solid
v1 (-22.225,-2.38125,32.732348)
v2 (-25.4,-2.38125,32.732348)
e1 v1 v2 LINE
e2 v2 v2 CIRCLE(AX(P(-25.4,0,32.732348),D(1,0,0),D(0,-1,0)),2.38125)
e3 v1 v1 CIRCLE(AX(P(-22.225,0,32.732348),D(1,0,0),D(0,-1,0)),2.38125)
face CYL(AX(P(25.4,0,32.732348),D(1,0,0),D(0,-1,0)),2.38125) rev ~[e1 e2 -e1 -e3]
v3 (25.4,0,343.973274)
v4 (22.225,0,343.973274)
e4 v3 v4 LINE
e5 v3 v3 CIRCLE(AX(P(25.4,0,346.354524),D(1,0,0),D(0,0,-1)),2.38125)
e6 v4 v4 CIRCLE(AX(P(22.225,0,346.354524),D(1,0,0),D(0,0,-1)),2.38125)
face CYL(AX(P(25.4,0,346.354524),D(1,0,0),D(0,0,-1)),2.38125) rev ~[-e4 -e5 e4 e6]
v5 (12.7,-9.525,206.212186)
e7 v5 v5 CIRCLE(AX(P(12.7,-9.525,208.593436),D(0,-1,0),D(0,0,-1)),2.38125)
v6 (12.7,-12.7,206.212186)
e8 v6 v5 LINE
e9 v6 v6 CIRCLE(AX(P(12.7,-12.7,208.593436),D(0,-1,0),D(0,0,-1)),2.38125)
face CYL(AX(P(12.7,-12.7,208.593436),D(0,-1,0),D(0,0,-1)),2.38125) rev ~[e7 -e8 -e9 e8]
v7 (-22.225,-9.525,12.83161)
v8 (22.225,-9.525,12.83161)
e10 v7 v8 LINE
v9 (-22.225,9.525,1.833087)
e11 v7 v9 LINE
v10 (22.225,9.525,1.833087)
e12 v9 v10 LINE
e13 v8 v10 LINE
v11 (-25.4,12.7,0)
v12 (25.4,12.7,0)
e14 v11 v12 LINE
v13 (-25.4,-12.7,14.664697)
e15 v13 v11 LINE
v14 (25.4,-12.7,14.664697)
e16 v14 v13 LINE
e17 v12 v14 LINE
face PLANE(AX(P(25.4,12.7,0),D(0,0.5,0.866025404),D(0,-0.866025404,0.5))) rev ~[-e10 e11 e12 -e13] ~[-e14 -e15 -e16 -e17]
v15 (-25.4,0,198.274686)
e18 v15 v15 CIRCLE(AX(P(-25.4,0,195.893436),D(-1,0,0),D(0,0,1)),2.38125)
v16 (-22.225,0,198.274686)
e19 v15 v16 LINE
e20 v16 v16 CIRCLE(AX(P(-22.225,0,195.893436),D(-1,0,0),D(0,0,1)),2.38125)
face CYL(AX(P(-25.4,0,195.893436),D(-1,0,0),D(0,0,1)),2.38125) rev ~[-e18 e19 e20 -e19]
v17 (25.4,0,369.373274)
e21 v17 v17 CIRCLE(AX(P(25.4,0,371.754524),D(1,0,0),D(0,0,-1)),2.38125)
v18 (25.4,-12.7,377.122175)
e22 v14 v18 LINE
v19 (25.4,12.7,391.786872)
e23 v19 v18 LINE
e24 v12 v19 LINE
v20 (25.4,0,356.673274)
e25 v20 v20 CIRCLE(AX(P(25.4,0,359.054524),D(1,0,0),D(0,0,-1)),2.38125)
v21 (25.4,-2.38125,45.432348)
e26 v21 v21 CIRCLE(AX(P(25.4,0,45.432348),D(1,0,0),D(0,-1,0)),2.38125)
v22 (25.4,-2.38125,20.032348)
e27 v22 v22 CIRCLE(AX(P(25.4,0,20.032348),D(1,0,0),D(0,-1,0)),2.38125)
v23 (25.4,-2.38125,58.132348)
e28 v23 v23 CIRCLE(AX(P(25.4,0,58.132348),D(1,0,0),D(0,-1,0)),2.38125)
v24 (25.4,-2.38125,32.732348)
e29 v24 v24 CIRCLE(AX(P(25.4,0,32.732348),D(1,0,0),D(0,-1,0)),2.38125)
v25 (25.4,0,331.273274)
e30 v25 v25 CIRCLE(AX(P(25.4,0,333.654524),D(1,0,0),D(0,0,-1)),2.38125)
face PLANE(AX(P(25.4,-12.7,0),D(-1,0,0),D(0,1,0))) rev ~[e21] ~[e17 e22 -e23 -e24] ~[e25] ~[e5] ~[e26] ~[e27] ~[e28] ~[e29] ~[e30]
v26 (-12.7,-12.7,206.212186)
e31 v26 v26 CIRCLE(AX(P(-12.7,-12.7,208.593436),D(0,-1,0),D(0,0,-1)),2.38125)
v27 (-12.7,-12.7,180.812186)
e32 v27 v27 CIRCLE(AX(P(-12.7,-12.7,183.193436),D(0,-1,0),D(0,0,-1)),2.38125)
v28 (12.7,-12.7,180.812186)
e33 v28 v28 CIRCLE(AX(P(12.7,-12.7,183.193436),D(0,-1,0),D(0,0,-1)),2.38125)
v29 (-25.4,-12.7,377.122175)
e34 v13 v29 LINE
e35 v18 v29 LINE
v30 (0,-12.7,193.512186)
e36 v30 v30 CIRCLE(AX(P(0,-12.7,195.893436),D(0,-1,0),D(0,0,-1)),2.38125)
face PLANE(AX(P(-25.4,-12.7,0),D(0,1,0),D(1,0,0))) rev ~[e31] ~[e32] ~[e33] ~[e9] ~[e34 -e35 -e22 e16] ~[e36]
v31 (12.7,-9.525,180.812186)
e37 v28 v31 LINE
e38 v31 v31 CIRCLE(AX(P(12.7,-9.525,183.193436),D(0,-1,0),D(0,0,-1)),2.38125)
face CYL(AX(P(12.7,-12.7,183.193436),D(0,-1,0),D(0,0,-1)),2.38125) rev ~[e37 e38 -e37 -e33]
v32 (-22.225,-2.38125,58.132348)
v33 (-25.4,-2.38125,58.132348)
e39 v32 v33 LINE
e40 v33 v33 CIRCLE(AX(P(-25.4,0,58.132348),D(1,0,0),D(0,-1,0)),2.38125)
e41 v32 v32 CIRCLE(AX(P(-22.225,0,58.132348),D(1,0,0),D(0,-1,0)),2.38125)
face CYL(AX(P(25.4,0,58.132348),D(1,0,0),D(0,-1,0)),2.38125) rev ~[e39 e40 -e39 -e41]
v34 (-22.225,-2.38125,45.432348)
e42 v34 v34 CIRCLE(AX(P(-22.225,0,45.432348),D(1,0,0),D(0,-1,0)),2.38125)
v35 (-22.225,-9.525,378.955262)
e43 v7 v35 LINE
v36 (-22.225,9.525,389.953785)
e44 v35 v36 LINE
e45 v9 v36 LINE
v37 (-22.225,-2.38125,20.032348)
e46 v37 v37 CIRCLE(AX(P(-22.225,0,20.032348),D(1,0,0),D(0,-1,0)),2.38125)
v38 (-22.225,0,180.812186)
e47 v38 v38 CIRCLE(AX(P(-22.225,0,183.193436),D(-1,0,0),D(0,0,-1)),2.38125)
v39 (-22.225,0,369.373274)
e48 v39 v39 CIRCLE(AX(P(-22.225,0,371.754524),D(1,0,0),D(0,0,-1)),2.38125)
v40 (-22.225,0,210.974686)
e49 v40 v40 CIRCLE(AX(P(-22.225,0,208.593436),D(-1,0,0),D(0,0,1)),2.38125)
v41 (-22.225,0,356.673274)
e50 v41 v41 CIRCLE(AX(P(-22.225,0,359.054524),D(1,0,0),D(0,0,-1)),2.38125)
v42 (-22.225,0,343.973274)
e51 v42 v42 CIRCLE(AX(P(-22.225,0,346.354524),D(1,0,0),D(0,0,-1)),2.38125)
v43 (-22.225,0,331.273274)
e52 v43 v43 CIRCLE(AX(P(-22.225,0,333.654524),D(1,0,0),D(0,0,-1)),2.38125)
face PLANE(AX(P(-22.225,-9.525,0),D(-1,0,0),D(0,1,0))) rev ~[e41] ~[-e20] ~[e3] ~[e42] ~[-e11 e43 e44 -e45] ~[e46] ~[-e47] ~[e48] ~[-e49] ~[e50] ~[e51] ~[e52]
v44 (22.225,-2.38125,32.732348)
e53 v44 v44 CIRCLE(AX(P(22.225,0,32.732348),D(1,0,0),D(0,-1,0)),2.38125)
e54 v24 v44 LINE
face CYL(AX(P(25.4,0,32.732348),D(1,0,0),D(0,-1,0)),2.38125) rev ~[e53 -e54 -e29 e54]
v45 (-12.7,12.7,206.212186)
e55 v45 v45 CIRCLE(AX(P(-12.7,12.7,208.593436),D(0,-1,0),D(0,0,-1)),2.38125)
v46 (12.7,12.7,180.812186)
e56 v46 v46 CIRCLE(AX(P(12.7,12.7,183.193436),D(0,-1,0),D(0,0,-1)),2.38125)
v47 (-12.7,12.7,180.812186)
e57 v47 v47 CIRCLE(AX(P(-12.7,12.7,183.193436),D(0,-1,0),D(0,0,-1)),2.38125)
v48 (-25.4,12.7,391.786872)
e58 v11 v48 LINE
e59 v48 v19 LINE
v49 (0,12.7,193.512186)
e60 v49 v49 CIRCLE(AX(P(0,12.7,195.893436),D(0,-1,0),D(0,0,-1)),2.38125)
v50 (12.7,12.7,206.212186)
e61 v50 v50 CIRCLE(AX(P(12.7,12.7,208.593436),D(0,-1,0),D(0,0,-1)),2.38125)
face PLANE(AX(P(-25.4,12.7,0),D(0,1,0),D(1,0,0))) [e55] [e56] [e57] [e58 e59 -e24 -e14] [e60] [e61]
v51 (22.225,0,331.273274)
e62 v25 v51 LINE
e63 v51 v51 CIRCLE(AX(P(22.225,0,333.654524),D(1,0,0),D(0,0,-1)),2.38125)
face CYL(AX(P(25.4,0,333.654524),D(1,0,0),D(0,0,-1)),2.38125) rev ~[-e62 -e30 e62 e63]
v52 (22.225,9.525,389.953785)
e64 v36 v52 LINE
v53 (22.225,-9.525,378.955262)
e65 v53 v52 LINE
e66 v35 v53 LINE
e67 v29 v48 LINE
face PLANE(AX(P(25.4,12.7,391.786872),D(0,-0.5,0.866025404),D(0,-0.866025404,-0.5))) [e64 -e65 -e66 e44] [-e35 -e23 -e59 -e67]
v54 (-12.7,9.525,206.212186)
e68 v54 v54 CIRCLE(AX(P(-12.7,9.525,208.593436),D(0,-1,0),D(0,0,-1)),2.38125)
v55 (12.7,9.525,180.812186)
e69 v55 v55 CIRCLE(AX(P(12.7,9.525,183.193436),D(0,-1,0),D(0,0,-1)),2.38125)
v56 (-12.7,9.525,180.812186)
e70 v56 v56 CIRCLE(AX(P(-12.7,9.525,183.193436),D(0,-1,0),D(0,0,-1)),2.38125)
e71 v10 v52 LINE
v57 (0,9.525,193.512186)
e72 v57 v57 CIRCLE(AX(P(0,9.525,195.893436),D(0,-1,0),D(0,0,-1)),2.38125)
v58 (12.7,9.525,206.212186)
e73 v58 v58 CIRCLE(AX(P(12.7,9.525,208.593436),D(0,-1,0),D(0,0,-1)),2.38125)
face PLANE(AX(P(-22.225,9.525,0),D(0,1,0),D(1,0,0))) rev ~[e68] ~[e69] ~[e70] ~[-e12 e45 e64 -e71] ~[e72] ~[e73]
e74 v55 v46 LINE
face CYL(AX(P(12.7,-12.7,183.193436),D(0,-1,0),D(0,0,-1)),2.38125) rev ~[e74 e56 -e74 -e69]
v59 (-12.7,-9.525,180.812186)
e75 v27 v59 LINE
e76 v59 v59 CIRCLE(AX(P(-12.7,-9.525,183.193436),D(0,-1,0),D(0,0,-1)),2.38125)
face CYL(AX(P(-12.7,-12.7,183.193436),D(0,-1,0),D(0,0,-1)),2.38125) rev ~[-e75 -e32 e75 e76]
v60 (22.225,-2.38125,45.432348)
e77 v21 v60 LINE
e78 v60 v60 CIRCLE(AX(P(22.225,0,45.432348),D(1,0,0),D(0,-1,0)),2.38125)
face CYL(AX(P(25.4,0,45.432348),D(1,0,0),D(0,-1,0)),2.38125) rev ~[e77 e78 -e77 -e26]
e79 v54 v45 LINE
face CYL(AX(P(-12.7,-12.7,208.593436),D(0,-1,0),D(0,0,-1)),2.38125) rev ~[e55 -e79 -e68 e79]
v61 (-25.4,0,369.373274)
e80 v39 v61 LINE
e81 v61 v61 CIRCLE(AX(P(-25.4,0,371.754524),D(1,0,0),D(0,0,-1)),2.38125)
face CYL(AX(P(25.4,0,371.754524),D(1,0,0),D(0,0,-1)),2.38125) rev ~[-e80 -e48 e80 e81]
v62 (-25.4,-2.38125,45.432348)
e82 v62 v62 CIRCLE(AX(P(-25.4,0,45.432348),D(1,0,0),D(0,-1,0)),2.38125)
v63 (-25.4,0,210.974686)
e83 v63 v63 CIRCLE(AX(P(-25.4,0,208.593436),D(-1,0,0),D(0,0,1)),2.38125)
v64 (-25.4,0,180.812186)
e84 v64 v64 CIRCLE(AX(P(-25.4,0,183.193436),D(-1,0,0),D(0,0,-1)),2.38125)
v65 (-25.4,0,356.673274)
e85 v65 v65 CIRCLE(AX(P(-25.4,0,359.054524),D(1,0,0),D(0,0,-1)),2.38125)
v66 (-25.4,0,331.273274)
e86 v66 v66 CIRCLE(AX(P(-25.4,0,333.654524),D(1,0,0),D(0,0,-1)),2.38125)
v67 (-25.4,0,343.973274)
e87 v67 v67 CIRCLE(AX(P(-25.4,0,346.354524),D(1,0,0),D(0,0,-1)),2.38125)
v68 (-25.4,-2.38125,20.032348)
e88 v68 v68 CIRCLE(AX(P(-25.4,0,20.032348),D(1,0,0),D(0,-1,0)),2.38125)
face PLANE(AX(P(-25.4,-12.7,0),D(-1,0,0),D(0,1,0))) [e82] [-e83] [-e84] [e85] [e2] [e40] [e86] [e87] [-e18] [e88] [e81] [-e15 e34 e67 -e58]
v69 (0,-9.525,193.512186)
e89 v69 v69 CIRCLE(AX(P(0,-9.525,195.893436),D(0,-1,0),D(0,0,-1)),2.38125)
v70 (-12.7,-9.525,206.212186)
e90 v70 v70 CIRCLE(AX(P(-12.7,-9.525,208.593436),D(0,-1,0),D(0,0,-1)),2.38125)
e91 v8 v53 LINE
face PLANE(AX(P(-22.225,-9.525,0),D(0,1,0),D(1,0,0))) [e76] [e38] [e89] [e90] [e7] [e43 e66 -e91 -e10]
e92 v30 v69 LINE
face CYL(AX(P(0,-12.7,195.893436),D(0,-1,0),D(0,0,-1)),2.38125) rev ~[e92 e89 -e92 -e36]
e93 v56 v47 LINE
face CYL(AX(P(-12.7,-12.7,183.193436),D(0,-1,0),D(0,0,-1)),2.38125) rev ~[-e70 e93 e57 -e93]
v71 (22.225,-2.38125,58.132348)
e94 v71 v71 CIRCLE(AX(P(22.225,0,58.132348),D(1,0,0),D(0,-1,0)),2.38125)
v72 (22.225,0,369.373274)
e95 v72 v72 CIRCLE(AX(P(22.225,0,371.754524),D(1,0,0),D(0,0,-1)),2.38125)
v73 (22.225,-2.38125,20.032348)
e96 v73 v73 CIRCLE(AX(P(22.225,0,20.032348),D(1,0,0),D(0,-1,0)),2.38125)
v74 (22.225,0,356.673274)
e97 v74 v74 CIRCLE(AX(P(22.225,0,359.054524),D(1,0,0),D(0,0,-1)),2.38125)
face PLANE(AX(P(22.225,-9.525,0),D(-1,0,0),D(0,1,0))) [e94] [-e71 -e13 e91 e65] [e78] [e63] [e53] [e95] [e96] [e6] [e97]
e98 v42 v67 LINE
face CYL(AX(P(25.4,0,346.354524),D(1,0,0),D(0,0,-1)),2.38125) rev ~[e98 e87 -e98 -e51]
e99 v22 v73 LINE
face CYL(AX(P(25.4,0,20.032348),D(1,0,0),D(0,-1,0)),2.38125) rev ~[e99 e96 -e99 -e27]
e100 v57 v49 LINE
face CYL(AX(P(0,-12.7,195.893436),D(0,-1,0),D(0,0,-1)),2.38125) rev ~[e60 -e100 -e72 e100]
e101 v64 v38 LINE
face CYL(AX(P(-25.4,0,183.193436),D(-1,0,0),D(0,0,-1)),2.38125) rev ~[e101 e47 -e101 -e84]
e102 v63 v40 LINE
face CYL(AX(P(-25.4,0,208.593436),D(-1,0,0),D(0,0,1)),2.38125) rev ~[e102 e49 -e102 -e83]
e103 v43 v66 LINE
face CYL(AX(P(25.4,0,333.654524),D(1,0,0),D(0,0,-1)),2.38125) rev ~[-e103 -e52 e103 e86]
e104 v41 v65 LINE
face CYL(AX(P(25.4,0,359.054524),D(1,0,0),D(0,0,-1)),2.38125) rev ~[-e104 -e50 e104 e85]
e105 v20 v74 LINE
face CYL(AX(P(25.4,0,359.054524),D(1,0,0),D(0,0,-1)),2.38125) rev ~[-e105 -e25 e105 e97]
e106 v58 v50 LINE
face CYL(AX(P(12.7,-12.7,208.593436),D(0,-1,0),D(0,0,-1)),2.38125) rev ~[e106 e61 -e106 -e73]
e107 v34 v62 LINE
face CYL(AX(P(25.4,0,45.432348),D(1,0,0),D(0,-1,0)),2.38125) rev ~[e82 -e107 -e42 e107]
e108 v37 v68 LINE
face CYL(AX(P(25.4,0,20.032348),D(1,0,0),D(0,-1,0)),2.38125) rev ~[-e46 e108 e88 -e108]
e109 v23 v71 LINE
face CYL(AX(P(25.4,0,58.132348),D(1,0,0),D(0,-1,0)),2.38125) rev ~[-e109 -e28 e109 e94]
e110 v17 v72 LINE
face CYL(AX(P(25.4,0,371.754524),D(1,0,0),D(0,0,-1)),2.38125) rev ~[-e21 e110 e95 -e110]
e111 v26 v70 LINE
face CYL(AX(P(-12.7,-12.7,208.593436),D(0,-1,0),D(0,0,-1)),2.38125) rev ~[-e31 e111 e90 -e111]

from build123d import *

# Parameters (mm, degrees)
SKETCH1_W           = 50.8
SKETCH1_H           = 25.4
SKETCH1_W_2         = 44.45
SKETCH1_H_2         = 19.05
BOSS_EXTRUDE1_DEPTH = 391.786872
CUT_EXTRUDE1_DEPTH  = 457.2
SKETCH3_R           = 2.38125
CUT_EXTRUDE2_DEPTH  = 394.430137472
SKETCH4_R           = 2.38125
CUT_EXTRUDE3_DEPTH  = 3.175
SKETCH5_R           = 2.38125
CUT_EXTRUDE4_DEPTH  = 396.270645345


with BuildPart() as part:
    # Sketch1 → Boss-Extrude1 (new body)
    with BuildSketch(Plane.XY):
        Rectangle(SKETCH1_W, SKETCH1_H)
        Rectangle(SKETCH1_W_2, SKETCH1_H_2, mode=Mode.SUBTRACT)
    extrude(amount=BOSS_EXTRUDE1_DEPTH)

    # Sketch2 → Cut-Extrude1 (cut)
    with BuildSketch(Plane(origin=(25.4, 0, 0), x_dir=(0, 0, -1), z_dir=(1, 0, 0))):
        Polygon((0, 12.7), (-14.664696837, -12.7), (0, -12.7), align=None)
        Polygon((-391.786872, -12.7), (-391.786872, 12.7), (-377.122175163, -12.7), align=None)
    extrude(amount=-CUT_EXTRUDE1_DEPTH, mode=Mode.SUBTRACT)

    # Sketch3 → Cut-Extrude2 (cut, through all)
    with BuildSketch(Plane(origin=(0, -12.7, 0), x_dir=(-1, 0, 0), z_dir=(0, -1, 0))):
        with Locations(Location((0, -195.893436, 0), (0, 0, 90))):
            Circle(SKETCH3_R)
        with Locations(Location((-12.7, -208.593436, 0), (0, 0, 90))):
            Circle(SKETCH3_R)
        with Locations(Location((12.7, -208.593436, 0), (0, 0, 90))):
            Circle(SKETCH3_R)
        with Locations(Location((-12.7, -183.193436, 0), (0, 0, 90))):
            Circle(SKETCH3_R)
        with Locations(Location((12.7, -183.193436, 0), (0, 0, 90))):
            Circle(SKETCH3_R)
    extrude(amount=-CUT_EXTRUDE2_DEPTH, mode=Mode.SUBTRACT)

    # Sketch4 → Cut-Extrude3 (cut)
    with BuildSketch(Plane.ZY.offset(25.4)):
        with Locations((195.893436, 0)):
            Circle(SKETCH4_R)
        with Locations((208.593436, 0)):
            Circle(SKETCH4_R)
        with Locations(Location((183.193436, 0, 0), (0, 0, 180))):
            Circle(SKETCH4_R)
    extrude(amount=-CUT_EXTRUDE3_DEPTH, mode=Mode.SUBTRACT)

    # Sketch5 → Cut-Extrude4 (cut, through all)
    with BuildSketch(Plane(origin=(25.4, 0, 0), x_dir=(0, 0, -1), z_dir=(1, 0, 0))):
        with Locations((-371.754523581, 0)):
            Circle(SKETCH5_R)
        with Locations((-359.054523581, 0)):
            Circle(SKETCH5_R)
        with Locations((-346.354523581, 0)):
            Circle(SKETCH5_R)
        with Locations((-333.654523581, 0)):
            Circle(SKETCH5_R)
        with Locations(Location((-58.132348419, 0, 0), (0, 0, 270))):
            Circle(SKETCH5_R)
        with Locations(Location((-45.432348419, 0, 0), (0, 0, 270))):
            Circle(SKETCH5_R)
        with Locations(Location((-32.732348419, 0, 0), (0, 0, 270))):
            Circle(SKETCH5_R)
        with Locations(Location((-20.032348419, 0, 0), (0, 0, 270))):
            Circle(SKETCH5_R)
    extrude(amount=-CUT_EXTRUDE4_DEPTH, mode=Mode.SUBTRACT)


solid = part.part
